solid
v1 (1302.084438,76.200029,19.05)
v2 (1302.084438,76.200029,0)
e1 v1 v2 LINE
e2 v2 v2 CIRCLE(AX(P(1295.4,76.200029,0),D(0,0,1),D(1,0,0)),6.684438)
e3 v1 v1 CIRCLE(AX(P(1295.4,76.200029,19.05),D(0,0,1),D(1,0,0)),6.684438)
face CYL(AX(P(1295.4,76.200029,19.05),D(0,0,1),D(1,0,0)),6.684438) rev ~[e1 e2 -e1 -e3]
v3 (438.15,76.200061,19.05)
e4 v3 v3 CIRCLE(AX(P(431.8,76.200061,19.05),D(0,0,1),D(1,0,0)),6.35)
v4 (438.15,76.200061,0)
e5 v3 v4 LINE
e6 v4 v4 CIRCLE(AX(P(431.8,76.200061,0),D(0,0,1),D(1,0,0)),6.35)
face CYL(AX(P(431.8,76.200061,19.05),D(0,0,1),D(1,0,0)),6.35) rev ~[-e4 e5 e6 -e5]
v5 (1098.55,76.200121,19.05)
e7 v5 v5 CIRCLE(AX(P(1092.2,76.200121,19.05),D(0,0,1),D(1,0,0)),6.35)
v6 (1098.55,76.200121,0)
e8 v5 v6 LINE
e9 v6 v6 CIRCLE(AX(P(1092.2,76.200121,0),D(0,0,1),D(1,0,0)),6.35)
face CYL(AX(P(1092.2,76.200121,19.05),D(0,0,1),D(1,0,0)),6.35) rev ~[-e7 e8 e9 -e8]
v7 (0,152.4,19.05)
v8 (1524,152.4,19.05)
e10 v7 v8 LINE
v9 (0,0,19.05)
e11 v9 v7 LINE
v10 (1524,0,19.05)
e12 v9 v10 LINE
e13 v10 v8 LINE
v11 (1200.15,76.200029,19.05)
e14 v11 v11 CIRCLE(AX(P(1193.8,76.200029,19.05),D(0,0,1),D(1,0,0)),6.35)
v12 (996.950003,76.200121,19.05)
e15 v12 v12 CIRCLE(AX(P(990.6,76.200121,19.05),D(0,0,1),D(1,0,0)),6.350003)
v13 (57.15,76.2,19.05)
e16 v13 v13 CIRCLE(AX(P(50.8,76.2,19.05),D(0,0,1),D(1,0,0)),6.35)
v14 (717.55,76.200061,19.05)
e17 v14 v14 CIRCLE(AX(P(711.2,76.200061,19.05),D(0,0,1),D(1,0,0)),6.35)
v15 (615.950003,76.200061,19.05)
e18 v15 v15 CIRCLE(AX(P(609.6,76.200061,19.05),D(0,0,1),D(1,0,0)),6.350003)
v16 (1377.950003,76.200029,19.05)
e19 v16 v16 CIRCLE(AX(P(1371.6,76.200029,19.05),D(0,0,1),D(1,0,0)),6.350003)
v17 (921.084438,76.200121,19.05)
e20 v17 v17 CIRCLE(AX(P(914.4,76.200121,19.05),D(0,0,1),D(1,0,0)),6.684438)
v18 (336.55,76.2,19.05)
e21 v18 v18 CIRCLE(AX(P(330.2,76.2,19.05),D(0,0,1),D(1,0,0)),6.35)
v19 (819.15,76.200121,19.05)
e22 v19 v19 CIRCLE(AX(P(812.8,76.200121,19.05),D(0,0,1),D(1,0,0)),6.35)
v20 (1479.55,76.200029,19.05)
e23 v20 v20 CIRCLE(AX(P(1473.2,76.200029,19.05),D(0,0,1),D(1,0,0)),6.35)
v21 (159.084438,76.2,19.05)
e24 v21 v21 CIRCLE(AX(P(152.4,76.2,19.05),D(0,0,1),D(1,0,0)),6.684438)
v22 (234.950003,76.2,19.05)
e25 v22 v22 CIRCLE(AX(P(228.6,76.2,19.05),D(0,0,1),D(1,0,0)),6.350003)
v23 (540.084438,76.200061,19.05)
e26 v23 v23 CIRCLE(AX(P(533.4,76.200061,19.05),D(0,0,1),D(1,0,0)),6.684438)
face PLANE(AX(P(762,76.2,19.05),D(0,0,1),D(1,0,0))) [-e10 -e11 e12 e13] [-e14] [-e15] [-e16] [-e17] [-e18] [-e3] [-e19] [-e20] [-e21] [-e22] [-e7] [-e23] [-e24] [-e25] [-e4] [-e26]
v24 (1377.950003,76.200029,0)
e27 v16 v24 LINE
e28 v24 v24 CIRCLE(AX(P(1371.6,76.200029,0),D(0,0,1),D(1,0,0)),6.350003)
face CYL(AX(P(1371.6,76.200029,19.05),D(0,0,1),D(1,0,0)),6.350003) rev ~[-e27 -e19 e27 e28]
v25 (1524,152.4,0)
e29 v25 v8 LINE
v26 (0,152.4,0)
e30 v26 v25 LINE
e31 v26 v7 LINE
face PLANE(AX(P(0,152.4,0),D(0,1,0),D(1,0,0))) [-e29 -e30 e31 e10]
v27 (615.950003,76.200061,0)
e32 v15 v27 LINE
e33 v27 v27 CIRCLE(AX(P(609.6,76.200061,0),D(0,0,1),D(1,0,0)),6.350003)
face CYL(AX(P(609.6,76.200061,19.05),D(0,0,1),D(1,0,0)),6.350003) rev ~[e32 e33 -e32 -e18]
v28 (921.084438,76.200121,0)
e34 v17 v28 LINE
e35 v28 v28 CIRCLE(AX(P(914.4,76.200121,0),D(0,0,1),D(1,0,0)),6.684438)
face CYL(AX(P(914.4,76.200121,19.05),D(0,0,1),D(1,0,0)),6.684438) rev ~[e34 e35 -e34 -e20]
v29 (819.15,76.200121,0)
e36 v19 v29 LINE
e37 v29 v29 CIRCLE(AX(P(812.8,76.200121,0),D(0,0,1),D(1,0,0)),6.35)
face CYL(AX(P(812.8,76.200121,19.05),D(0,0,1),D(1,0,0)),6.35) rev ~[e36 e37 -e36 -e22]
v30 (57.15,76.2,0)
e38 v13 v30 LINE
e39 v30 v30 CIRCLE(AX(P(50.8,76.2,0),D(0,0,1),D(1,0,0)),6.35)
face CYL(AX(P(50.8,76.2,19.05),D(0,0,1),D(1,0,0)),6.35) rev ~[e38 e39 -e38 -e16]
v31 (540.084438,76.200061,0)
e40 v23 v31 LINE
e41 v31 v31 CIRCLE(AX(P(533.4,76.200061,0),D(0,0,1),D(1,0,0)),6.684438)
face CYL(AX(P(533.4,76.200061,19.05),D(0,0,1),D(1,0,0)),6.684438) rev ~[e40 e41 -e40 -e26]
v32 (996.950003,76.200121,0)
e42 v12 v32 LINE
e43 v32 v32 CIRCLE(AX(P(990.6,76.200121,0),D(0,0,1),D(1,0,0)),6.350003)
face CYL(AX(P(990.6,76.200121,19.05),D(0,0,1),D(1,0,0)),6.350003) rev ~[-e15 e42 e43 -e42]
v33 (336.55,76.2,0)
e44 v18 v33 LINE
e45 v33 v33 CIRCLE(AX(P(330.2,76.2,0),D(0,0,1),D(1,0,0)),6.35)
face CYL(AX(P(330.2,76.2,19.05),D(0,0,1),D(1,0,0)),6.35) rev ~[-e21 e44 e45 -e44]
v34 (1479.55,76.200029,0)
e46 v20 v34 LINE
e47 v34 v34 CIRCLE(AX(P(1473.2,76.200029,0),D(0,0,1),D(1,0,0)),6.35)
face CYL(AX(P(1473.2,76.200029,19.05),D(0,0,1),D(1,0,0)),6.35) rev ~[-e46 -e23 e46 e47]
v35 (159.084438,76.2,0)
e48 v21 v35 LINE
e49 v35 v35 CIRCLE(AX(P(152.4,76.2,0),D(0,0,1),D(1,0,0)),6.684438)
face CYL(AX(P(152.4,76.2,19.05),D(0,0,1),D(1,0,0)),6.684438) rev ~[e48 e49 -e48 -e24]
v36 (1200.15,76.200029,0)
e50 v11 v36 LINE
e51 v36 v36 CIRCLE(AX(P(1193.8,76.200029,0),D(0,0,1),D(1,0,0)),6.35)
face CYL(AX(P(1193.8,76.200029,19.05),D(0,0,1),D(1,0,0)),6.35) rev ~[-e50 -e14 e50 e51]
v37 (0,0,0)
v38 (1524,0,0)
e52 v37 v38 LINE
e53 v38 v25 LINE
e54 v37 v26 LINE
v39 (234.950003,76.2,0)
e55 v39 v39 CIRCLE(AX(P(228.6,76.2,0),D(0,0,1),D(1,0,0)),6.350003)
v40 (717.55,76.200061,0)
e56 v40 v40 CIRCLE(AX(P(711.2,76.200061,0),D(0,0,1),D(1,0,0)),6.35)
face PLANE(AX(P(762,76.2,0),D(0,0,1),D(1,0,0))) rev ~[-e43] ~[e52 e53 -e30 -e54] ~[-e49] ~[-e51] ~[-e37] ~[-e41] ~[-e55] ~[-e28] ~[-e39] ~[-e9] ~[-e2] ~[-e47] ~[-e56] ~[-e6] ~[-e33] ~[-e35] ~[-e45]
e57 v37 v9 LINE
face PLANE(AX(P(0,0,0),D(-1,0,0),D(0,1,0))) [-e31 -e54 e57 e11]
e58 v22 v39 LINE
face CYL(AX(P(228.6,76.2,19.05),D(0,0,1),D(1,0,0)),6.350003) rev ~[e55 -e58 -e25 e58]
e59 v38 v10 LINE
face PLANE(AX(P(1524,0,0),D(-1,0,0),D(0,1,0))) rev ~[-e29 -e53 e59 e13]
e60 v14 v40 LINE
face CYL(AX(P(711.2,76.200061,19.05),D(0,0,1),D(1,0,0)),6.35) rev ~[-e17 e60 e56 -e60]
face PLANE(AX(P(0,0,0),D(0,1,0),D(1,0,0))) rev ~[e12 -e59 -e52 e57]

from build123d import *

# Parameters (mm, degrees)
F0_W     = 1524
F0_H     = 152.4
F1_DEPTH = 19.05
F2_R     = 6.35
F2_R_2   = 6.684438
F2_R_3   = 6.350003
F3_DEPTH = 19.051


with BuildPart() as f1:
    # F0 (on Top) → F1 (new body)
    with BuildSketch(Plane.XY):
        with Locations((762, 76.2)):
            Rectangle(F0_W, F0_H)
    extrude(amount=F1_DEPTH)

    # F2 (on face) → F3 (cut, through all)
    with BuildSketch(Plane.XY.offset(19.05)):
        with Locations((50.8, 76.2)):
            Circle(F2_R)
        with Locations((152.4, 76.2)):
            Circle(F2_R_2)
        with Locations((228.6, 76.2)):
            Circle(F2_R_3)
        with Locations((330.2, 76.2)):
            Circle(F2_R)
        with Locations((431.8, 76.200061)):
            Circle(F2_R)
        with Locations((533.4, 76.200061)):
            Circle(F2_R_2)
        with Locations((609.6, 76.200061)):
            Circle(F2_R_3)
        with Locations((711.2, 76.200061)):
            Circle(F2_R)
        with Locations((812.8, 76.200121)):
            Circle(F2_R)
        with Locations((914.4, 76.200121)):
            Circle(F2_R_2)
        with Locations((990.6, 76.200121)):
            Circle(F2_R_3)
        with Locations((1092.2, 76.200121)):
            Circle(F2_R)
        with Locations((1193.8, 76.200029)):
            Circle(F2_R)
        with Locations((1295.4, 76.200029)):
            Circle(F2_R_2)
        with Locations((1371.6, 76.200029)):
            Circle(F2_R_3)
        with Locations((1473.2, 76.200029)):
            Circle(F2_R)
    extrude(amount=-F3_DEPTH, mode=Mode.SUBTRACT)


solid = f1.part
